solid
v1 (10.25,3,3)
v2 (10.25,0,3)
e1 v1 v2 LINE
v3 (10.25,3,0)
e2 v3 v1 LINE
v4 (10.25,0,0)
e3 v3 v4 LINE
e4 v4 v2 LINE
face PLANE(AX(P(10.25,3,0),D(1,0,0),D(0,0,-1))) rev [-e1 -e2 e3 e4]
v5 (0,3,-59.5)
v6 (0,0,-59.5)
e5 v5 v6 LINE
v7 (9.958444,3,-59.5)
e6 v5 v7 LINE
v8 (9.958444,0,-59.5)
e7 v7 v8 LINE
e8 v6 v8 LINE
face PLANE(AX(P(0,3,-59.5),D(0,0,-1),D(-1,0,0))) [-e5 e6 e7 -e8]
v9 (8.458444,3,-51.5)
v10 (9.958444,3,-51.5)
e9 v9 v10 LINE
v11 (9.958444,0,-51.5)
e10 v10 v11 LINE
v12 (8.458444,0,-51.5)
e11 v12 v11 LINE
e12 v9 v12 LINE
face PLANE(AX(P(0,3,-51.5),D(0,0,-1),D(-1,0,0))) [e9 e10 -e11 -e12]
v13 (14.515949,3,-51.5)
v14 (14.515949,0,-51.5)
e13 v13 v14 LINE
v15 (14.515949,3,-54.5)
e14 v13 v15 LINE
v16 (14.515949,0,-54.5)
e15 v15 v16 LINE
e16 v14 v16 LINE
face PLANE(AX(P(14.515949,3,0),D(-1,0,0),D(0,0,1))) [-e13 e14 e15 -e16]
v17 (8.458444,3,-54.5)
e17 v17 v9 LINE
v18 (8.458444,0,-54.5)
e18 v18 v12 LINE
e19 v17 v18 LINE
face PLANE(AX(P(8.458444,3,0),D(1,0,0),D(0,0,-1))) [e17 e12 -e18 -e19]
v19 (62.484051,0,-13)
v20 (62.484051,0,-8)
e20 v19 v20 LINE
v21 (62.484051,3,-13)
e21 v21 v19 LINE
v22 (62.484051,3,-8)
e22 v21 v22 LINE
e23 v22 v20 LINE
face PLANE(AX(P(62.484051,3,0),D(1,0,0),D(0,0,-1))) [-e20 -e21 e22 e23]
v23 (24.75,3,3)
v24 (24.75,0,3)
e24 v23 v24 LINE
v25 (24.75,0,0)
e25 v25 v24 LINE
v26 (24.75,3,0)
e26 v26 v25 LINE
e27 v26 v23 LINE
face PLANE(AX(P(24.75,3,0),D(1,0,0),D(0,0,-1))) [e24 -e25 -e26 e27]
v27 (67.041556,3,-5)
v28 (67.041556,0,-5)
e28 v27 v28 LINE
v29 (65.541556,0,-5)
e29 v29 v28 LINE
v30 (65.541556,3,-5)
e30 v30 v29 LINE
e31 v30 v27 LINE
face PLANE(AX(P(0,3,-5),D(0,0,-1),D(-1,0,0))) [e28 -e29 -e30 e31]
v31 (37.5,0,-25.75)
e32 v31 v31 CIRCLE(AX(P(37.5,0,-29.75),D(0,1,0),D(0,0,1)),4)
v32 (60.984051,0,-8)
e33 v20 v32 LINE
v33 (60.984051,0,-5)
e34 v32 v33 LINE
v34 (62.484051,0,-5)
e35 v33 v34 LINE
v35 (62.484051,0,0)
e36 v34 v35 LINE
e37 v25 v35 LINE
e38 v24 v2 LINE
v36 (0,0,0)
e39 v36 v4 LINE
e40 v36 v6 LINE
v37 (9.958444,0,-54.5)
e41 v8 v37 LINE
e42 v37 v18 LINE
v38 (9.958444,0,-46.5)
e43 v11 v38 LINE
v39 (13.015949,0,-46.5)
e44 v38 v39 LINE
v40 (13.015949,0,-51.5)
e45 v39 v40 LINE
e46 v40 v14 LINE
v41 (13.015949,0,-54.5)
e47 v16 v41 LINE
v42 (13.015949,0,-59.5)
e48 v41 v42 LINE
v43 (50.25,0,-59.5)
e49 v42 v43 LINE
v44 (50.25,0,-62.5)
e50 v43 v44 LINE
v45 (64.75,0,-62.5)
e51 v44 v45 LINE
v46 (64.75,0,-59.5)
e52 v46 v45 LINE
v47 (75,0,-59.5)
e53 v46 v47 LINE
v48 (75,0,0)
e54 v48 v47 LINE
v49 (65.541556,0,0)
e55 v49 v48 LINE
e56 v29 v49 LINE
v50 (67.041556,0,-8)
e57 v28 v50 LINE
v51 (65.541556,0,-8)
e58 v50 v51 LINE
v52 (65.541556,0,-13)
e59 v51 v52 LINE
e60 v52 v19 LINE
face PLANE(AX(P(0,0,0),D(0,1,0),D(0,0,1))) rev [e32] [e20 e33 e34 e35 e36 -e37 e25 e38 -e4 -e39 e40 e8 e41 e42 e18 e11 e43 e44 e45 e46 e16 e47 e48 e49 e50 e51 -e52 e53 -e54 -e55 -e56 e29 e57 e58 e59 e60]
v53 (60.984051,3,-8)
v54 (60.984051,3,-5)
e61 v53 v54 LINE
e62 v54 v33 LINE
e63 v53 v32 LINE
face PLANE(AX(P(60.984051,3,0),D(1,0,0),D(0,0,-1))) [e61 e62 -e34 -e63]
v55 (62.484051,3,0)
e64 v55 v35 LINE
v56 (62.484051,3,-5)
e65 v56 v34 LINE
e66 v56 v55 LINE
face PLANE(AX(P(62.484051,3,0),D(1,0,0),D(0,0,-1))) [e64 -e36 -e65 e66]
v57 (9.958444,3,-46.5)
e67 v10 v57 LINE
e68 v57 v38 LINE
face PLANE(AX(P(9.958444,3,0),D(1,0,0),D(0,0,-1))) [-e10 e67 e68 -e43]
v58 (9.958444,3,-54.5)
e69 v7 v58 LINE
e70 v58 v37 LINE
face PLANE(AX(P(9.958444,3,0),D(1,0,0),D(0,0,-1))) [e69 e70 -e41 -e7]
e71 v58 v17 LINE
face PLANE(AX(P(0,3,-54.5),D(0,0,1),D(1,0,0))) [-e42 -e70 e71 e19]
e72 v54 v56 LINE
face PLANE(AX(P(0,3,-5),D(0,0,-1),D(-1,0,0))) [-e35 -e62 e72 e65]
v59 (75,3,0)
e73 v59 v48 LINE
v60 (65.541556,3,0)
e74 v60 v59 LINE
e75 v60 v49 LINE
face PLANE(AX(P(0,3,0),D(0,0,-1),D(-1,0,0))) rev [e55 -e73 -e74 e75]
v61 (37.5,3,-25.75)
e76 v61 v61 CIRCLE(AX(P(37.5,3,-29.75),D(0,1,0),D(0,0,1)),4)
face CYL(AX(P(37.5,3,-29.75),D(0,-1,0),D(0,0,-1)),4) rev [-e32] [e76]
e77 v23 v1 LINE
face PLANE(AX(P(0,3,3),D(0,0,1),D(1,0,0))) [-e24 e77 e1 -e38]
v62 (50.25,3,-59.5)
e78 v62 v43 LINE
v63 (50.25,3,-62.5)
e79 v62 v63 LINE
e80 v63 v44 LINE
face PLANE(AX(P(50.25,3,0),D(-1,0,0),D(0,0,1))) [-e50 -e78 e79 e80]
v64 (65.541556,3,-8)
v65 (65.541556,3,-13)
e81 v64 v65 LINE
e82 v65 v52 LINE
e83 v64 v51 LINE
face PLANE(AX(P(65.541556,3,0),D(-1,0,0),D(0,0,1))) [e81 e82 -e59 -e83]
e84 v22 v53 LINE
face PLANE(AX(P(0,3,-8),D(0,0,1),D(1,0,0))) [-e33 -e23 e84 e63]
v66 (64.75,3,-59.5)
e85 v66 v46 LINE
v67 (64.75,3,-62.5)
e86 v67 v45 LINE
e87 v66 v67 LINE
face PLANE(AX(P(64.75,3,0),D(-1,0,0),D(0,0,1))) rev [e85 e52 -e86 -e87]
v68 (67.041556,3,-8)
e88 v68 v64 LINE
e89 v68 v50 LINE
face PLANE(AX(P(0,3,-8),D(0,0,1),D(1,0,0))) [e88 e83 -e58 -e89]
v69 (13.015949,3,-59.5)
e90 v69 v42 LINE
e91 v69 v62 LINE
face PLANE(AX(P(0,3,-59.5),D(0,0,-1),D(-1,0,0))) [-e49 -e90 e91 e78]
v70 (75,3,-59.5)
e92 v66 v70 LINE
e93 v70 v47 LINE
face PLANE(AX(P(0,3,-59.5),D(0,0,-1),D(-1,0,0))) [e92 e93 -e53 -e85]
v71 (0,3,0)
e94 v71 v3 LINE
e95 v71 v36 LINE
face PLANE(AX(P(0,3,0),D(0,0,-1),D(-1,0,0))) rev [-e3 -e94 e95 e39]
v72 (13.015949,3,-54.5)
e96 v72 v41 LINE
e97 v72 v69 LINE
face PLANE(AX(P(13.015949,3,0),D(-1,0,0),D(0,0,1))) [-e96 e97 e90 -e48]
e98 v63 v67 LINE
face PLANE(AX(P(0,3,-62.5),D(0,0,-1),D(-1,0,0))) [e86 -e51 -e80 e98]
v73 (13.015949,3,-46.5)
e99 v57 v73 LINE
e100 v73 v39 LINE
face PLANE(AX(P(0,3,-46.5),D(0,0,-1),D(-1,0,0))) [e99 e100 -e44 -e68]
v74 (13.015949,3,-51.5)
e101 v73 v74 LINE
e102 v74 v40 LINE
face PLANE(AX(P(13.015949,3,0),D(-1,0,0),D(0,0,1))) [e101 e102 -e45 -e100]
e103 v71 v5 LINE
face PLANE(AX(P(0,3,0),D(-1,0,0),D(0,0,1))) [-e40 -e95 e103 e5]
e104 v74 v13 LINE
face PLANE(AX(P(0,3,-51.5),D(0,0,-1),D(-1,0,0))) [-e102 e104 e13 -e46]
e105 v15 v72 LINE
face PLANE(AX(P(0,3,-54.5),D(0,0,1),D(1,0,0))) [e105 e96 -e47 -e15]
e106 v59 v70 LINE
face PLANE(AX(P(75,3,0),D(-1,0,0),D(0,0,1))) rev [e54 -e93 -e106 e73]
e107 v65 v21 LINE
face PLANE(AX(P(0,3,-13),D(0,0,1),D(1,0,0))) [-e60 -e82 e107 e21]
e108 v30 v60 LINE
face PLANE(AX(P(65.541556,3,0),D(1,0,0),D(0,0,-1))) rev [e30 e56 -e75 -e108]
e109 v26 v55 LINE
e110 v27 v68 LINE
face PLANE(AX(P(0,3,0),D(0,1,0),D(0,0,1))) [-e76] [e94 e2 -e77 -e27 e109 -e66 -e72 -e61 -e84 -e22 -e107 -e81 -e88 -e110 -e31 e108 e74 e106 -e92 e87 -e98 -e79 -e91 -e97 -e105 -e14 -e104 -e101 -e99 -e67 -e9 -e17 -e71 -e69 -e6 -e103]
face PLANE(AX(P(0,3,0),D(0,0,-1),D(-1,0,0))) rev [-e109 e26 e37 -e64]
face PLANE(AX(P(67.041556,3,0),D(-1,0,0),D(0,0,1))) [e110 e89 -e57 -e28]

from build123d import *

# Parameters (mm, degrees)
ESQUISSE3_W        = 14.5
ESQUISSE3_H        = 3
ESQUISSE3_R        = 4
BOSS_EXTRU_1_DEPTH = 3


with BuildPart() as part:
    # Esquisse3 → Boss.-Extru.1 (new body)
    # profile 1 of 3: a face of its own
    with BuildSketch(Plane(origin=(0, 0, 0), x_dir=(1, 0, 0), z_dir=(0, 1, 0))):
        with Locations((17.5, -1.5)):
            Rectangle(ESQUISSE3_W, ESQUISSE3_H)
    # profile 2 of 3: a face of its own
    with BuildSketch(Plane(origin=(0, 0, 0), x_dir=(1, 0, 0), z_dir=(0, 1, 0))):
        Polygon((0, 59.5), (0, 0), (10.25, 0), (24.75, 0), (62.484051244, 0), (62.484051244, 5), (60.984051244, 5), (60.984051244, 8), (62.484051244, 8), (62.484051244, 13), (65.541555924, 13), (65.541555924, 8), (67.041555924, 8), (67.041555924, 5), (65.541555924, 5), (65.541555924, 0), (75, 0), (75, 59.5), (64.75, 59.5), (50.25, 59.5), (13.015948756, 59.5), (13.015948756, 54.5), (14.515948756, 54.5), (14.515948756, 51.5), (13.015948756, 51.5), (13.015948756, 46.5), (9.958444076, 46.5), (9.958444076, 51.5), (8.458444076, 51.5), (8.458444076, 54.5), (9.958444076, 54.5), (9.958444076, 59.5), align=None)
        with Locations(Location((37.5, 29.75, 0), (0, 0, 270))):
            Circle(ESQUISSE3_R, mode=Mode.SUBTRACT)
    # profile 3 of 3: a face of its own
    with BuildSketch(Plane(origin=(0, 0, 0), x_dir=(1, 0, 0), z_dir=(0, 1, 0))):
        with Locations((57.5, 61)):
            Rectangle(ESQUISSE3_W, ESQUISSE3_H)
    extrude(amount=BOSS_EXTRU_1_DEPTH)


solid = part.part
